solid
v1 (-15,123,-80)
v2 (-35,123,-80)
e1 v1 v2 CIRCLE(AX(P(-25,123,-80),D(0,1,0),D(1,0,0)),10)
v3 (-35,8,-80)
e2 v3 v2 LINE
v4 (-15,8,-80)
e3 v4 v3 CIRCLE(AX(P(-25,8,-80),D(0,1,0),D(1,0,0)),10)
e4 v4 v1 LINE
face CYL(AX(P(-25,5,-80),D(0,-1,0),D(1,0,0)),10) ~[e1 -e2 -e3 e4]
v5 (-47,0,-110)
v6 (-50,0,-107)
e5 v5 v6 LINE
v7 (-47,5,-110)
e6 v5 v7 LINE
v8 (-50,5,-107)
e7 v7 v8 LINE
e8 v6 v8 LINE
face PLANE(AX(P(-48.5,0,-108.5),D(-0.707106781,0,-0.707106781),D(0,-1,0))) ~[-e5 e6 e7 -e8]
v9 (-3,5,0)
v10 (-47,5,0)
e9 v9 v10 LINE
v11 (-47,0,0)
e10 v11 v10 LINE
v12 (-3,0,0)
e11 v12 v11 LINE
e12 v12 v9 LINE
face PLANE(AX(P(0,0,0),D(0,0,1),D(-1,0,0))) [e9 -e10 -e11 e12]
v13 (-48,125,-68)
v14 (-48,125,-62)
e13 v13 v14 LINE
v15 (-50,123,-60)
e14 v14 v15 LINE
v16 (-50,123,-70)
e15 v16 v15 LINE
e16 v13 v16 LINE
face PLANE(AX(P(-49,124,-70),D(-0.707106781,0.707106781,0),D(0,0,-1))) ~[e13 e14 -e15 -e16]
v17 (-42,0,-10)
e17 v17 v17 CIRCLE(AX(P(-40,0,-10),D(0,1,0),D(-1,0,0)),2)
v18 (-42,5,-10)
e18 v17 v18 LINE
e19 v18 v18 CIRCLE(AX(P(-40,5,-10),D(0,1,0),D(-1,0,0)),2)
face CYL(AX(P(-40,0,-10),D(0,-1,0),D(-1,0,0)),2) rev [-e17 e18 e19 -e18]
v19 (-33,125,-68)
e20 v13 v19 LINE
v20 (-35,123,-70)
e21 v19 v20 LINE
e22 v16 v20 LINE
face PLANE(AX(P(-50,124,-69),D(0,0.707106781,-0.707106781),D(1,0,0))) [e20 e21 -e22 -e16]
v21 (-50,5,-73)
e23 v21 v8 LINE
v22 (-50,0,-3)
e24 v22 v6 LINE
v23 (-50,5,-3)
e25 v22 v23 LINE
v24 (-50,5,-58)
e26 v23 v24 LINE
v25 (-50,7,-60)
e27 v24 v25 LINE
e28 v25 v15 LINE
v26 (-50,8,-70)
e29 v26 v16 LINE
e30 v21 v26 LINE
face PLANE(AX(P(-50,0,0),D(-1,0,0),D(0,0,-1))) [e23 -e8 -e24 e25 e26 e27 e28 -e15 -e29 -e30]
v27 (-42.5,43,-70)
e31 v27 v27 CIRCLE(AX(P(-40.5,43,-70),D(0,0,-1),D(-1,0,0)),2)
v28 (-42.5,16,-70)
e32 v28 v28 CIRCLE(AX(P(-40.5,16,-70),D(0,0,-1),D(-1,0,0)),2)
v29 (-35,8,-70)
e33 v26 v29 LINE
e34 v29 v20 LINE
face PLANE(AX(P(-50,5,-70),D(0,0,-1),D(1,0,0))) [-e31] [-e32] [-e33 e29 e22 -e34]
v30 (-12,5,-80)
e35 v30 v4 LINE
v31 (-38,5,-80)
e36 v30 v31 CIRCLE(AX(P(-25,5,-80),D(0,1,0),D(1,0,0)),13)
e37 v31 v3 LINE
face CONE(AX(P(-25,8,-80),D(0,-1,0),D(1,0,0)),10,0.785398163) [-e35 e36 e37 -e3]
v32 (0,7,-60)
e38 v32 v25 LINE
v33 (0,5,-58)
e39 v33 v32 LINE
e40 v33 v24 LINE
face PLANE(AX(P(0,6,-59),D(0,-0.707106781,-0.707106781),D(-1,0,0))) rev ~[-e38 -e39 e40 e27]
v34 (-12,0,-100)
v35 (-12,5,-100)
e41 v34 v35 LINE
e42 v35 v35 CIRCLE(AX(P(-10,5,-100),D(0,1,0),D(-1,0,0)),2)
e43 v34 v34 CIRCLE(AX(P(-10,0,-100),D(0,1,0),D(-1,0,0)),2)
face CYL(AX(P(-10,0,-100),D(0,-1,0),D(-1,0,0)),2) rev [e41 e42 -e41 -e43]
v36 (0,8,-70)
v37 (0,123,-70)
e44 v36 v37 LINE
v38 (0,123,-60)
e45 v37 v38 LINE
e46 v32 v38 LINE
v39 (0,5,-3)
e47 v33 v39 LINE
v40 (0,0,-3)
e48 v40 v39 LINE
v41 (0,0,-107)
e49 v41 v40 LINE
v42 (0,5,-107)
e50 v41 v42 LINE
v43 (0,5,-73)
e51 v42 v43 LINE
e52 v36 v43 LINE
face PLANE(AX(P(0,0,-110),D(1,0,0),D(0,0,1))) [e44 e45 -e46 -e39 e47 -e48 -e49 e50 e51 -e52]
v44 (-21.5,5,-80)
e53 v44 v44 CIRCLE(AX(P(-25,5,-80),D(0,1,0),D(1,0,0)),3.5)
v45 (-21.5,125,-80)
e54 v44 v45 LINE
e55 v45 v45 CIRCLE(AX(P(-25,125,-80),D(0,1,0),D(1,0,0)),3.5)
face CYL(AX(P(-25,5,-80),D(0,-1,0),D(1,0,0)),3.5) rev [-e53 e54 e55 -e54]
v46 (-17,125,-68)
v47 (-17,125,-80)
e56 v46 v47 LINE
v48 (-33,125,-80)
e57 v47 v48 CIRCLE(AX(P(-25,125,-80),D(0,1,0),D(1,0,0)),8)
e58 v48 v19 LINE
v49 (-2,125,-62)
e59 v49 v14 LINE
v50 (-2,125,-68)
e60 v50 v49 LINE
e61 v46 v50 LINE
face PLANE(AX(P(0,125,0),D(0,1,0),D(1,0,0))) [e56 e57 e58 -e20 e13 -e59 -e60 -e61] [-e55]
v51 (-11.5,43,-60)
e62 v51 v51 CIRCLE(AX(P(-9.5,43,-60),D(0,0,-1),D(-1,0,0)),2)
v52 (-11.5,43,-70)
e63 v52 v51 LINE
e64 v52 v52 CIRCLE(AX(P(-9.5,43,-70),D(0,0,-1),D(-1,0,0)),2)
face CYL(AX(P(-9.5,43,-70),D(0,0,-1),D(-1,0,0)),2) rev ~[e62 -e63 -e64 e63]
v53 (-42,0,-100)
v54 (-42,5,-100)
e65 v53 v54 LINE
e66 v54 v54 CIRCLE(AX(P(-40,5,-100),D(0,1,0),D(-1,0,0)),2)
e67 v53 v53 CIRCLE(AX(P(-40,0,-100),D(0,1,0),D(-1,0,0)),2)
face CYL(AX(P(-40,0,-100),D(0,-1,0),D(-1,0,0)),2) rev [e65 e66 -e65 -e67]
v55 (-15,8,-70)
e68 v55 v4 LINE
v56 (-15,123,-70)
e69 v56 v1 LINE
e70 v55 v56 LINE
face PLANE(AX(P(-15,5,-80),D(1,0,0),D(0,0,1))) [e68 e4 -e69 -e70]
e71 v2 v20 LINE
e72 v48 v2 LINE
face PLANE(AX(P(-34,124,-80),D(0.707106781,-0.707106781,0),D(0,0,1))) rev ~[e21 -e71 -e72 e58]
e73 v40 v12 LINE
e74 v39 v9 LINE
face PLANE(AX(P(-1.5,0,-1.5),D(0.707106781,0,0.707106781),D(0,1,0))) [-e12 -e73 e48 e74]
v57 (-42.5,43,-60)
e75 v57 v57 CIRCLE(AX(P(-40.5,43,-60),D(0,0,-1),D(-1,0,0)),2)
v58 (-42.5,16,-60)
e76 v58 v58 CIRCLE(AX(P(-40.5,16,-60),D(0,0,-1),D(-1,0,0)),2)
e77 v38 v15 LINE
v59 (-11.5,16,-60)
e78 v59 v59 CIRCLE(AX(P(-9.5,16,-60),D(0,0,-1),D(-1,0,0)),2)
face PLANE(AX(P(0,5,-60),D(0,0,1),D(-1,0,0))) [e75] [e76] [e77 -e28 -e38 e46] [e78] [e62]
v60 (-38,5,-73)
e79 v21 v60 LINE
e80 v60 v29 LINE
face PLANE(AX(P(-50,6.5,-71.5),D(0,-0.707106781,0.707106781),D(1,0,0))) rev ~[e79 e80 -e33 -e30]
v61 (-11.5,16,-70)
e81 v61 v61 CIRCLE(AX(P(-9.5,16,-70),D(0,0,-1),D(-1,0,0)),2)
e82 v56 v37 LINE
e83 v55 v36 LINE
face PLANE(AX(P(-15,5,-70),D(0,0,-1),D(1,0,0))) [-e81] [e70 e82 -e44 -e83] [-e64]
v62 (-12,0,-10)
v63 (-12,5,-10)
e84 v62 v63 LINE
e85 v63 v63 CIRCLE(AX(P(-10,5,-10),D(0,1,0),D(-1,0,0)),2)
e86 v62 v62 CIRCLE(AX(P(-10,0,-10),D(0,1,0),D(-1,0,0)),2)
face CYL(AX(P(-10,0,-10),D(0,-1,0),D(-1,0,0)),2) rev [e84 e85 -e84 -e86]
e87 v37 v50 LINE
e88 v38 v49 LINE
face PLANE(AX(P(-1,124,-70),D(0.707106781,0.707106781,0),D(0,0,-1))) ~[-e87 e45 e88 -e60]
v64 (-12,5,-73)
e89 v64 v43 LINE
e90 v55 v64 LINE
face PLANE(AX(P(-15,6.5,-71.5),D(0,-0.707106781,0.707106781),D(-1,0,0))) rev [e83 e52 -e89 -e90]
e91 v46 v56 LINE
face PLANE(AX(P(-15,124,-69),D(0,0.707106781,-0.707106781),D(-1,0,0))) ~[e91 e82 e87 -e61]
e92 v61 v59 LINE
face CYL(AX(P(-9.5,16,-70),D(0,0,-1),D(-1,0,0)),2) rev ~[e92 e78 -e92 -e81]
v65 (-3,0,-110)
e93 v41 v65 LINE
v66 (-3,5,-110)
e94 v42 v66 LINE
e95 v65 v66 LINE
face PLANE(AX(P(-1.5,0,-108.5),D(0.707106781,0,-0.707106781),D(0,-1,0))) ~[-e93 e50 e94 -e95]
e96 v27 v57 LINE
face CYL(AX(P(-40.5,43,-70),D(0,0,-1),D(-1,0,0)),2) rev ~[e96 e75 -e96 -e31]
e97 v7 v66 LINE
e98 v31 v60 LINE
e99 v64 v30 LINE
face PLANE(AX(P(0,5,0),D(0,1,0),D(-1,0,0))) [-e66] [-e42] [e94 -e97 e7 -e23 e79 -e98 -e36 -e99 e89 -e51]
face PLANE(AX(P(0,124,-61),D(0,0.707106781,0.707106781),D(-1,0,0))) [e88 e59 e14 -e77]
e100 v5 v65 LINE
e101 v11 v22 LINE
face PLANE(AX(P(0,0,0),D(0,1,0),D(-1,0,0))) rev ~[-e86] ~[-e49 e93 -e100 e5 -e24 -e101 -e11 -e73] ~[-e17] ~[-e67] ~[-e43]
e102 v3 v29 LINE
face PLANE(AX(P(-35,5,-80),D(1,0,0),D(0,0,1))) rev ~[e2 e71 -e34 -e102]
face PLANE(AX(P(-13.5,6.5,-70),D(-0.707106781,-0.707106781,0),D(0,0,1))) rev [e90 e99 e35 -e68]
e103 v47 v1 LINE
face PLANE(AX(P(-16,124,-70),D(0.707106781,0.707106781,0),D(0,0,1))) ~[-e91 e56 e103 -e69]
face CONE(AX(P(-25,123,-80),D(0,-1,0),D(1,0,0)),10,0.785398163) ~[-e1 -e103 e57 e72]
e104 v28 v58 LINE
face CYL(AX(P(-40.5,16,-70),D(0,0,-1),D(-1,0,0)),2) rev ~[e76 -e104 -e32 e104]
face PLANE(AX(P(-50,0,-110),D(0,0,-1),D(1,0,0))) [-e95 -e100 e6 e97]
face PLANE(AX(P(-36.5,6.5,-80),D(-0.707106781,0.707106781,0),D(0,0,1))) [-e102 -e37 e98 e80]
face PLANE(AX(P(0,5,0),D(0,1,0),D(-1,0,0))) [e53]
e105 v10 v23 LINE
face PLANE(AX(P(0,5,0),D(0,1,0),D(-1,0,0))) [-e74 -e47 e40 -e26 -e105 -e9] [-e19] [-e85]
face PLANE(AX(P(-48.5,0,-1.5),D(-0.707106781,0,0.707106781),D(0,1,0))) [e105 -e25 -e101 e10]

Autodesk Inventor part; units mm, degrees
ref_plane "YZ Plane" through (0, 0, 0) normal (1, 0, 0) x (0, 1, 0)
ref_plane "XZ Plane" through (0, 0, 0) normal (0, 1, 0) x (-1, 0, 0)
ref_plane "XY Plane" through (0, 0, 0) normal (0, 0, 1) x (1, 0, 0)
sketch "Sketch1" plane through (0, 0, 0) normal (0, 1, 0) x (-1, 0, 0)
  point P0 (0, 0)
sketch "Sketch2" plane through (0, 0, 0) normal (0, 1, 0) x (-1, 0, 0)
  line L0 (0, 0) -> (50, 0)
  line L1 (50, 0) -> (50, -110)
  line L2 (50, -110) -> (0, -110)
  line L3 (0, -110) -> (0, 0)
  line L4 (25, 0) -> (25, -110) construction
  line L5 (50, -55) -> (0, -55) construction
  circle A0 centre (40, -10) radius 2
  circle A1 centre (40, -100) radius 2
  circle A2 centre (10, -10) radius 2
  circle A3 centre (10, -100) radius 2
  dimension "d0" = 50
  dimension "d1" = 110
  dimension "d2" = 4
  dimension "d3" = 10
  dimension "d4" = 10
  dimension "d7" = 90
  dimension "d10" = 30
extrude "Extrusion1" add sketch "Sketch2" along normal blind 5
sketch "Sketch3" plane through (0, 5, 0) normal (0, 1, 0) x (1, 0, 0)
  line L0 (-50, 110) -> (-50, 0) projected
  line L1 (0, 60) -> (-50, 60)
  line L2 (-50, 60) -> (-50, 70)
  line L3 (0, 70) -> (0, 60)
  line L4 (-50, 0) -> (0, 0) projected
  line L5 (0, 110) -> (-50, 110) construction
  line L6 (0, 0) -> (0, 110) projected
  circle A0 centre (-25, 80) radius 3.5
  arc A1 (-15, 80) -> (-35, 80) centre (-25, 80) ccw
  line L7 (-35, 80) -> (-35, 70)
  line L8 (-15, 80) -> (-15, 70)
  line L9 (-50, 70) -> (-35, 70)
  line L10 (-15, 70) -> (0, 70)
  dimension "d15" = 60
  dimension "d17" = 7
  dimension "d18" = 30
extrude "Extrusion2" add sketch "Sketch3" along normal blind 120 contours L9 L7 A1 L8 L10 L3 L1 L0
chamfer "Chamfer1" distance 2 angle 45 1 edges at (-25, 5, -60)
chamfer "Chamfer2" distance 3 angle 45 5 edges at (-7.5, 5, -70) (-42.5, 5, -70) (-25, 5, -90) (-15, 5, -75) (-35, 5, -75)
sketch "Sketch4" plane through (0, 125, -70) normal (0, 0, -1) x (-1, 0, 0)
  line L0 (0, 0) -> (15, 0) projected
  line L1 (15, -117) -> (0, -117) projected
  line L2 (35, 0) -> (50, 0) projected
  line L3 (50, -117) -> (35, -117) projected
  circle A0 centre (9.5, -109) radius 2
  circle A1 centre (40.5, -109) radius 2
  circle A2 centre (9.5, -82) radius 2
  circle A3 centre (40.5, -82) radius 2
  line L4 (0, -117) -> (0, 0) projected
  line L5 (50, -117) -> (50, 0) projected
  line L6 (0, -120) -> (50, -120) projected
  point P0 (0, -125)
  dimension "d27" = 4
  dimension "d29" = 4
  dimension "d31" = 4
  dimension "d32" = 4
  dimension "d33" = 27
  dimension "d34" = 27
  dimension "d35" = 9.5
  dimension "d36" = 9.5
  dimension "d37" = 9.5
  dimension "d38" = 9.5
  dimension "d40" = 11
  dimension "d41" = 11
extrude "Extrusion3" cut sketch "Sketch4" against normal blind 10
chamfer "Chamfer3" distance 2 angle 45 8 edges at (-25, 125, -90) (-35, 125, -75) (-15, 125, -75) (-7.5, 125, -70) (0, 125, -65) (-25, 125, -60) (-42.5, 125, -70) (-50, 125, -65)
chamfer "Chamfer4" distance 3 angle 45 4 edges at (0, 2.5, -110) (-50, 2.5, -110) (0, 2.5, 0) (-50, 2.5, 0)
